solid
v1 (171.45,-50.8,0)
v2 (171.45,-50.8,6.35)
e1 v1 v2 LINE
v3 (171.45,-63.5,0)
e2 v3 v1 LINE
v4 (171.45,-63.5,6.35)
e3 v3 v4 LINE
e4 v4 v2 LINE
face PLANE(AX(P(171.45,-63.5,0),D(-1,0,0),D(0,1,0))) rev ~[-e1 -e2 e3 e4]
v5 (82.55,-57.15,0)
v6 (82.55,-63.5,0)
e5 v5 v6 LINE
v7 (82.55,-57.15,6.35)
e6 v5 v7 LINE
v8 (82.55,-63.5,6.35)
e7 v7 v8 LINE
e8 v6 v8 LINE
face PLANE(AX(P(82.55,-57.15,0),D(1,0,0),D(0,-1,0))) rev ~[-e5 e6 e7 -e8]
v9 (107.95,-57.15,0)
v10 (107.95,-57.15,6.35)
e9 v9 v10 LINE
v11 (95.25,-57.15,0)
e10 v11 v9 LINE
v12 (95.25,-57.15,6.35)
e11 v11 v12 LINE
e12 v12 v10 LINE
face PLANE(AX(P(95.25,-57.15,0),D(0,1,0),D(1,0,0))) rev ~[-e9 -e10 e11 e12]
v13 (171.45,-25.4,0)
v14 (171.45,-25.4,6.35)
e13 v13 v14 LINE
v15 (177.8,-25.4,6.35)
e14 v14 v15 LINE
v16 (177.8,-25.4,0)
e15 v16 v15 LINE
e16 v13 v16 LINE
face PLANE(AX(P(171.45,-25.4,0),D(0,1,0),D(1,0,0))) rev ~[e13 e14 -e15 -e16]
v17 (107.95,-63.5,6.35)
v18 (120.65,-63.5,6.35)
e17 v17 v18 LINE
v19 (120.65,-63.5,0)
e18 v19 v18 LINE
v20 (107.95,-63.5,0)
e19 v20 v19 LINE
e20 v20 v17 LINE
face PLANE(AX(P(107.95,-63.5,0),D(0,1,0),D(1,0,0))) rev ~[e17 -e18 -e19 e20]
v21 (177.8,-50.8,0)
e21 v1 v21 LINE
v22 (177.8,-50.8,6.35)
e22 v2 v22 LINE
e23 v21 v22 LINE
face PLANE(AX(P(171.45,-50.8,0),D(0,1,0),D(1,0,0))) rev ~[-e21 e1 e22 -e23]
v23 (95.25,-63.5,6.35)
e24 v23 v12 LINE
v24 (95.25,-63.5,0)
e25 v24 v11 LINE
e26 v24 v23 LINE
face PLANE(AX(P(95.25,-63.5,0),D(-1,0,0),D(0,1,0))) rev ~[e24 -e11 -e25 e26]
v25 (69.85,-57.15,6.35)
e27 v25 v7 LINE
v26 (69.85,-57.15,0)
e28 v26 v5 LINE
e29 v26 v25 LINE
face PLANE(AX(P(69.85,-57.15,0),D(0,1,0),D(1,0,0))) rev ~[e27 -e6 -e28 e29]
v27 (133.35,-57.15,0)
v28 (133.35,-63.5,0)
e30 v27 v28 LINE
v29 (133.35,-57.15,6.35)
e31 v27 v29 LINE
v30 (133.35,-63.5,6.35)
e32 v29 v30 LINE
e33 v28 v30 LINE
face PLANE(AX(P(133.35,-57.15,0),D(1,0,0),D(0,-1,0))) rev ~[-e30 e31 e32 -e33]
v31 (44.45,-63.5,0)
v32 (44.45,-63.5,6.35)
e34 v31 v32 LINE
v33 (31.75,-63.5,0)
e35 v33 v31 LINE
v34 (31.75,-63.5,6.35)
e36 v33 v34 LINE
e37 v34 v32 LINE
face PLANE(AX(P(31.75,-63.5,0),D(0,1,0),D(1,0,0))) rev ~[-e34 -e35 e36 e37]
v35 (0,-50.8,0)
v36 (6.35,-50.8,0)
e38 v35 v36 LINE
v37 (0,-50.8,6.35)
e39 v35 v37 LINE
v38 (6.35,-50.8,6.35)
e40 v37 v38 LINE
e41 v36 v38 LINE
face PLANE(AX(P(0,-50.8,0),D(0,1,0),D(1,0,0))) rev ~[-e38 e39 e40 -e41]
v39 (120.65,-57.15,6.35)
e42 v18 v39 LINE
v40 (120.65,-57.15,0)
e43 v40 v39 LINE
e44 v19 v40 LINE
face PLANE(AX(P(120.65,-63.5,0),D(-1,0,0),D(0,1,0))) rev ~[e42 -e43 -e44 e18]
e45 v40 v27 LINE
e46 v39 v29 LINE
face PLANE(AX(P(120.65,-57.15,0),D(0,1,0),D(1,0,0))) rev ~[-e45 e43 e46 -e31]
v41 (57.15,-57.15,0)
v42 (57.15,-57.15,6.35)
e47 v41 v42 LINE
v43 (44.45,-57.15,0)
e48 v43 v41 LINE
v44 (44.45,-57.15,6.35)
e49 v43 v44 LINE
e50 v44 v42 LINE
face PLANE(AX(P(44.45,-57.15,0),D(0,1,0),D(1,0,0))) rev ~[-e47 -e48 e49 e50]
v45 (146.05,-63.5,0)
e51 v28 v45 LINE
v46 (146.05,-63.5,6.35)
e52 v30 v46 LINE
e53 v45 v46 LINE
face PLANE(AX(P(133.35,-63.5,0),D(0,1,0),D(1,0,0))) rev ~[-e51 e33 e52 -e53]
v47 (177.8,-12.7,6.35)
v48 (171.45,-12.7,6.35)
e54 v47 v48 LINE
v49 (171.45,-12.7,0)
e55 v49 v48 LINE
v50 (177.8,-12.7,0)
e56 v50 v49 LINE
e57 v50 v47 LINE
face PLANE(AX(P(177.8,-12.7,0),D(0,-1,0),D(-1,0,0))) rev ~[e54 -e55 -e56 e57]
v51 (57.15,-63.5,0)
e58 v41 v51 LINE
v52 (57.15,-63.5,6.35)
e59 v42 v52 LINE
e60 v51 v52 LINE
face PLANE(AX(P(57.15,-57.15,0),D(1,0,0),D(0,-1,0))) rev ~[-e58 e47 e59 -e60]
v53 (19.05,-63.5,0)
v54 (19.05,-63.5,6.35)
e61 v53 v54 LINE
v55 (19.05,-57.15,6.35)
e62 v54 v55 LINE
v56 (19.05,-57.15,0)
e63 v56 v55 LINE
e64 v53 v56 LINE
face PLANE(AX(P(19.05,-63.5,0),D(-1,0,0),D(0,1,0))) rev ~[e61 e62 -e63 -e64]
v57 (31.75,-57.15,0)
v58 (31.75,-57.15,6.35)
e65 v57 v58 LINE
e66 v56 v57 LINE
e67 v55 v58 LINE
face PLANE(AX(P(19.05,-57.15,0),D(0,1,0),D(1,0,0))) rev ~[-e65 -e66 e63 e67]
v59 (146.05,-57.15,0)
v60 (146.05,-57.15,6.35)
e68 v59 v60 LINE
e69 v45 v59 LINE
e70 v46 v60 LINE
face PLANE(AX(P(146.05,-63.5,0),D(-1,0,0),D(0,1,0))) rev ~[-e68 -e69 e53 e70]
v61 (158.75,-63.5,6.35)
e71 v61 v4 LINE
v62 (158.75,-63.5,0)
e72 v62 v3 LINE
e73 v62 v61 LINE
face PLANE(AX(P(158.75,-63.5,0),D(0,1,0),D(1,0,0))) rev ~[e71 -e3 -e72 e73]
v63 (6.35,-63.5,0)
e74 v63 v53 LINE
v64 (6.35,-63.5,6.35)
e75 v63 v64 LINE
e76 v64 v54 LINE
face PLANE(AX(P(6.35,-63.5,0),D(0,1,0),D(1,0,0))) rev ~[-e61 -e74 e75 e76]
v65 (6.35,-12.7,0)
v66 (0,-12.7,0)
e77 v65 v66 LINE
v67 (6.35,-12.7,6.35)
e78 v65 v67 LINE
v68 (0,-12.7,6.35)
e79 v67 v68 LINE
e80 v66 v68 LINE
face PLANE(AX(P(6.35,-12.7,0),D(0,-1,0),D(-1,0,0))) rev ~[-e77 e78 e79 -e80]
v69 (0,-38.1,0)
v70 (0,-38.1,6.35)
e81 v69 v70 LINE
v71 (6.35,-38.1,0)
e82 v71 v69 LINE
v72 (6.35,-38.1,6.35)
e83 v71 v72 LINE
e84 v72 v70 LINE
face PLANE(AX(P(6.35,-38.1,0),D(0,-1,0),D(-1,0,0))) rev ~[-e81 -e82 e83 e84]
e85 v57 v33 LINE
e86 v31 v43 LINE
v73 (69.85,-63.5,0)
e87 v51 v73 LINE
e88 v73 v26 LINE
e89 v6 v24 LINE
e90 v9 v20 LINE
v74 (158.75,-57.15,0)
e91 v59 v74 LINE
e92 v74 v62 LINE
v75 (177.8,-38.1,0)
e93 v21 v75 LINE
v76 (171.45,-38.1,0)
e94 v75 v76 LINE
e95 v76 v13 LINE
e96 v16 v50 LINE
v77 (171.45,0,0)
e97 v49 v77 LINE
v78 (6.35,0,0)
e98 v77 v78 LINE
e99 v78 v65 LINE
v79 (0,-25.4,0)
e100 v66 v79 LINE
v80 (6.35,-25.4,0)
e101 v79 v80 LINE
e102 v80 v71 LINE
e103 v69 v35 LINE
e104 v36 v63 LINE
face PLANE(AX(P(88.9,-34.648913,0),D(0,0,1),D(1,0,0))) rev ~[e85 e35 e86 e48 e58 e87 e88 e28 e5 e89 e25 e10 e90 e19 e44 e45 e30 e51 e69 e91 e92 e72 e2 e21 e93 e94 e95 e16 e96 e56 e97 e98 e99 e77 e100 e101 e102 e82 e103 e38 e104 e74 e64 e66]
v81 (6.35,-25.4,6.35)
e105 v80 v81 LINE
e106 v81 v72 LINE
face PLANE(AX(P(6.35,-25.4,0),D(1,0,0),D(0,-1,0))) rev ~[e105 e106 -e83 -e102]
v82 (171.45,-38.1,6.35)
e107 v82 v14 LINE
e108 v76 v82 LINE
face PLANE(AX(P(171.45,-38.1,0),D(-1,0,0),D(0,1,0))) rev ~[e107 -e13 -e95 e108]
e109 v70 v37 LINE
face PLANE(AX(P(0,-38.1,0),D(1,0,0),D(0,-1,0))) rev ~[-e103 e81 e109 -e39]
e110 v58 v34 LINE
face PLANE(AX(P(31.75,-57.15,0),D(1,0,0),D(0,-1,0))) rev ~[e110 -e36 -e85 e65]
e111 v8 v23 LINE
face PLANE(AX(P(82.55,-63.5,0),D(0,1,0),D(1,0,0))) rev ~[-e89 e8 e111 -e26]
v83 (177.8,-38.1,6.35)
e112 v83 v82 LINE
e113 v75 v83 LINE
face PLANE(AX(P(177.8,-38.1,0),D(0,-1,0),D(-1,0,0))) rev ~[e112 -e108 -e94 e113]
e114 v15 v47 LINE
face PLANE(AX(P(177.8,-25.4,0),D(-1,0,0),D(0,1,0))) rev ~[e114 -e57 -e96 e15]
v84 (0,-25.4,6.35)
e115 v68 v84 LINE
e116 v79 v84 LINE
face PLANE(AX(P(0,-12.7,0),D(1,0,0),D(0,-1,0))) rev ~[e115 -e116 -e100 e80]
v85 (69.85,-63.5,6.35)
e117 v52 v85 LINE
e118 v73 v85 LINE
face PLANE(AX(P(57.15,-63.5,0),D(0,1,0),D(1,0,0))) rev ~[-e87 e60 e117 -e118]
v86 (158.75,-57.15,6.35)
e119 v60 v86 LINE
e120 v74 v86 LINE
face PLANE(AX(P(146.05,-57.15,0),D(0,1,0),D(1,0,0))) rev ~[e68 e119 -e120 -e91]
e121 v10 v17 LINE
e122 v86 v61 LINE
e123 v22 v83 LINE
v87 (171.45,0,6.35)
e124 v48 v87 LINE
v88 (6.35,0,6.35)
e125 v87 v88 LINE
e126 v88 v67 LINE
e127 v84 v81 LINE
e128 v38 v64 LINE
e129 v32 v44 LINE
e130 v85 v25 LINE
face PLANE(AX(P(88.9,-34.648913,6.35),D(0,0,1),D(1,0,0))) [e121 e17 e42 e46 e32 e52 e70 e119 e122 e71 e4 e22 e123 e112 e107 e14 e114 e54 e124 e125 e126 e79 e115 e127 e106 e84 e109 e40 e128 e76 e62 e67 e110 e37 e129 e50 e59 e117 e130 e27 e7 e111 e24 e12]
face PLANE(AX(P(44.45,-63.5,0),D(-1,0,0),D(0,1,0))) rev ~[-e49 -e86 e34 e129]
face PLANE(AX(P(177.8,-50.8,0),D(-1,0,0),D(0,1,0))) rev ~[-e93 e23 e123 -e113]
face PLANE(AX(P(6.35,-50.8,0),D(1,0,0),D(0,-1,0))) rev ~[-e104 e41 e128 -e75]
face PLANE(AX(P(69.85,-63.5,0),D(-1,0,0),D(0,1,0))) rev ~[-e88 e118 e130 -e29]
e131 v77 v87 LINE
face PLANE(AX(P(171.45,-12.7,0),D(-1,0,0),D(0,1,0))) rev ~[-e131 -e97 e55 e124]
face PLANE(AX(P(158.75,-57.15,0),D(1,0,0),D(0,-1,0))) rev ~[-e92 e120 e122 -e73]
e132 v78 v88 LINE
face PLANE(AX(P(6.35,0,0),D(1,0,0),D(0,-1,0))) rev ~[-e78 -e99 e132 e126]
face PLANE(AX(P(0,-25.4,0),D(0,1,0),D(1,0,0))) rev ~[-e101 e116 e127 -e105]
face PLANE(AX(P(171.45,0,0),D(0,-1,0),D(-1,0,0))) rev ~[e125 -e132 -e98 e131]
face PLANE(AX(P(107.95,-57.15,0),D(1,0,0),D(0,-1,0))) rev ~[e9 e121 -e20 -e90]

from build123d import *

# Parameters (mm, degrees)
F1_DEPTH = 6.35


with BuildPart() as f1:
    # F0 (on Top) → F1 (new body)
    with BuildSketch(Plane.XY):
        Polygon((171.45, 0), (6.35, 0), (6.35, -12.7), (0, -12.7), (0, -25.4), (6.35, -25.4), (6.35, -38.1), (0, -38.1), (0, -50.8), (6.35, -50.8), (6.35, -63.5), (19.05, -63.5), (19.05, -57.15), (31.75, -57.15), (31.75, -63.5), (44.45, -63.5), (44.45, -57.15), (57.15, -57.15), (57.15, -63.5), (69.85, -63.5), (69.85, -57.15), (82.55, -57.15), (82.55, -63.5), (95.25, -63.5), (95.25, -57.15), (107.95, -57.15), (107.95, -63.5), (120.65, -63.5), (120.65, -57.15), (133.35, -57.15), (133.35, -63.5), (146.05, -63.5), (146.05, -57.15), (158.75, -57.15), (158.75, -63.5), (171.45, -63.5), (171.45, -50.8), (177.8, -50.8), (177.8, -38.1), (171.45, -38.1), (171.45, -25.4), (177.8, -25.4), (177.8, -12.7), (171.45, -12.7), align=None)
    extrude(amount=F1_DEPTH)


solid = f1.part
